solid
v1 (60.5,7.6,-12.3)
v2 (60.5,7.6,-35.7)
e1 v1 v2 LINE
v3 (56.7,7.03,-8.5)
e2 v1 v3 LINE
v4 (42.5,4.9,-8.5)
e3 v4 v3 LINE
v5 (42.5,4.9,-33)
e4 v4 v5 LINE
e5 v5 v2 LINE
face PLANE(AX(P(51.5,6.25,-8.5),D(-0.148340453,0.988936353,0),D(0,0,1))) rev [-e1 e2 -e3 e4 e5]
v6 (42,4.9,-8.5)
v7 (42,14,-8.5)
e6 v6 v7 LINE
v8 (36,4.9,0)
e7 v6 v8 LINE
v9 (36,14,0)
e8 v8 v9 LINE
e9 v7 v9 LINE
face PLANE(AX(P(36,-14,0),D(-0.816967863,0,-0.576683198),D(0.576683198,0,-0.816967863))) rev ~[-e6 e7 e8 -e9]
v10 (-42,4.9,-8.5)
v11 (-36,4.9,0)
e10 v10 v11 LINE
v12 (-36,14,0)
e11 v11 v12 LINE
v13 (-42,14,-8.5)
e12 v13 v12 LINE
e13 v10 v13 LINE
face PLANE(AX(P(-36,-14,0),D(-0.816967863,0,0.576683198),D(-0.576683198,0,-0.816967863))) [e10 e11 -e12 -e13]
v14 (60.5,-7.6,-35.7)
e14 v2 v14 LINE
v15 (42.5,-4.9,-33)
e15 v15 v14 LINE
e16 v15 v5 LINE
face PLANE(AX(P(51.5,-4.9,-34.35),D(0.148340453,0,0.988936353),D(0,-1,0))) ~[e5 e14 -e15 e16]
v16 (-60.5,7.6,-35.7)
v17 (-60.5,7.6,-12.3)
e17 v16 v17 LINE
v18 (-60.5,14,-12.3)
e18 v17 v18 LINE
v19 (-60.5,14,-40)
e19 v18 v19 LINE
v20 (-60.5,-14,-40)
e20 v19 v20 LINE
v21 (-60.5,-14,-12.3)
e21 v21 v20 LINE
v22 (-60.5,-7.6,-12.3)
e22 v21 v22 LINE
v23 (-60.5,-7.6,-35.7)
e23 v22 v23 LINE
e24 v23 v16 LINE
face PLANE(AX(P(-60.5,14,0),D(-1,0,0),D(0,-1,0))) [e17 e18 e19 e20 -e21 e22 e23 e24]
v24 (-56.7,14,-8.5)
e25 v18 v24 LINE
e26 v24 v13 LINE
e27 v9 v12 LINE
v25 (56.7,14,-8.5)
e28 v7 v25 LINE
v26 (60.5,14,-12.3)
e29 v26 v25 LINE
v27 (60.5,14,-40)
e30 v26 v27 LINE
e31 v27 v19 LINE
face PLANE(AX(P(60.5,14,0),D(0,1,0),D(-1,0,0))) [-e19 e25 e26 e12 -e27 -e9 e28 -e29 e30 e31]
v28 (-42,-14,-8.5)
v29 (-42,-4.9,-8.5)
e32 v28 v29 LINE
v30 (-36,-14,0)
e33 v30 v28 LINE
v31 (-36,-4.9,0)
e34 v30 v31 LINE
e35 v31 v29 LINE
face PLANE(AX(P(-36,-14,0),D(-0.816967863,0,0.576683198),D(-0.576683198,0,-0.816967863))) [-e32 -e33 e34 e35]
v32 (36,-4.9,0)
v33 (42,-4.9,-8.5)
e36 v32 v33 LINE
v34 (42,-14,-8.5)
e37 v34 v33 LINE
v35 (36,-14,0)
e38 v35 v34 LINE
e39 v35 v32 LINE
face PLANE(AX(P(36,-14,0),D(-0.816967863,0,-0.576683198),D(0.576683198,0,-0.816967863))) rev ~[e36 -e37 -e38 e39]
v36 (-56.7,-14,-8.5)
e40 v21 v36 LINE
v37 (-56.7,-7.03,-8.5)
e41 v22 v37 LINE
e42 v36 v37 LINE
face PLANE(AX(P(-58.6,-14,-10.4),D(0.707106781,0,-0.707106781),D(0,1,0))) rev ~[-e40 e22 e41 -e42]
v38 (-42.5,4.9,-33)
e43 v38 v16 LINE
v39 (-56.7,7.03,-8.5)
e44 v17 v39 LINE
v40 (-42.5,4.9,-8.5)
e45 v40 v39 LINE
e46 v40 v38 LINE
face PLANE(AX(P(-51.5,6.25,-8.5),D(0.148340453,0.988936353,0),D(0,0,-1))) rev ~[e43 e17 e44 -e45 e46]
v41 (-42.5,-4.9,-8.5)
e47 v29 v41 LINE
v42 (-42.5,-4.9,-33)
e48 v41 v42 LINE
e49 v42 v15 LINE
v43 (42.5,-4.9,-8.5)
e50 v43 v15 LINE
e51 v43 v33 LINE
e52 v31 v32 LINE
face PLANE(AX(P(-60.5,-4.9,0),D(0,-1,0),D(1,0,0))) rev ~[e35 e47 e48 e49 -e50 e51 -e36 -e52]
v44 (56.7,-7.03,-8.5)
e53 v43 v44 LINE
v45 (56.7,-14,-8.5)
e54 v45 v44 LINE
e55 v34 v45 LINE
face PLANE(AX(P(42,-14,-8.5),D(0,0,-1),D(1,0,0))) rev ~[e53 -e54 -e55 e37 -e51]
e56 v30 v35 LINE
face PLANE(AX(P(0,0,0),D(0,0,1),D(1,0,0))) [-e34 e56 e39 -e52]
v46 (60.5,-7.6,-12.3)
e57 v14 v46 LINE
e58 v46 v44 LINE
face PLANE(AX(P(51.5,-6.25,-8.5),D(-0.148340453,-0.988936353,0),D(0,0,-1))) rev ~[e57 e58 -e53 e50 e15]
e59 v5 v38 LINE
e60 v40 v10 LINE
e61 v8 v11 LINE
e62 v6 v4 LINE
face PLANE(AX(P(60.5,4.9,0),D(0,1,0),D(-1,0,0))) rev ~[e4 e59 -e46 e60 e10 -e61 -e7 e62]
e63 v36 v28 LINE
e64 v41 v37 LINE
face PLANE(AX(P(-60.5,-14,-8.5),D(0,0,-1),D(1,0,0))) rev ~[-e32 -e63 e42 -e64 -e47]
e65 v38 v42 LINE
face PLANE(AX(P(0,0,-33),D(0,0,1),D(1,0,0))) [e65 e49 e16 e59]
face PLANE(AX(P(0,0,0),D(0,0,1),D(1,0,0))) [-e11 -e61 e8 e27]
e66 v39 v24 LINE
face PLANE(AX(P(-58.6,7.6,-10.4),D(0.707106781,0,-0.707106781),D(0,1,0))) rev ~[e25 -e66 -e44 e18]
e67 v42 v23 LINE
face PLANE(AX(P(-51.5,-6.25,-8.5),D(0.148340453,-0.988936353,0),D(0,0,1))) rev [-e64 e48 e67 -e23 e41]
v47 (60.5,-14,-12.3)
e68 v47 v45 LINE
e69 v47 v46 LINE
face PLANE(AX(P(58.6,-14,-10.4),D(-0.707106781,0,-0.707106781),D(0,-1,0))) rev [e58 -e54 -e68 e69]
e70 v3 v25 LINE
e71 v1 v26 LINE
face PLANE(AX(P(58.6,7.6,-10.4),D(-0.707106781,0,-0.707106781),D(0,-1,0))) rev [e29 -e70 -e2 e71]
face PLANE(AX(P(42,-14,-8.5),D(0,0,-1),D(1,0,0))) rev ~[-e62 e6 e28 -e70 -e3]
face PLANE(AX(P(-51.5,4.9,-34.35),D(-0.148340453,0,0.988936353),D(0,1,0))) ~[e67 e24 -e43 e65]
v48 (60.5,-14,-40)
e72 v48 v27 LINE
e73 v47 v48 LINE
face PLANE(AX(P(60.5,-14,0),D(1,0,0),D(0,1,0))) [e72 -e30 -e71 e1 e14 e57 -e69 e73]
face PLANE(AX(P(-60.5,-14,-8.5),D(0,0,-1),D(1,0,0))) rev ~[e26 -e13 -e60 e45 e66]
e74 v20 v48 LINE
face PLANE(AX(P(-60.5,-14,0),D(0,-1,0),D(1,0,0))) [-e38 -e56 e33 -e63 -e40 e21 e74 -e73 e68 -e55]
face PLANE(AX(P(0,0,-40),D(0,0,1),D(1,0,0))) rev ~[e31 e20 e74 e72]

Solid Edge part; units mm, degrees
sketch "Sketch1" plane through (0, 0, 0) normal (0, 0, 1) x (1, 0, 0)
  line L0 (-60.5, -14) -> (60.5, -14)
  line L1 (60.5, -14) -> (60.5, 14)
  line L2 (60.5, 14) -> (-60.5, 14)
  line L3 (-60.5, 14) -> (-60.5, -14)
extrude "Protrusion1" add sketch "Sketch1" against normal blind 40
sketch "Sketch2" plane through (0, -14, -20) normal (0, -1, 0) x (1, 0, 0)
  line L0 (60.5, 20) -> (42, 20)
  line L1 (42, 20) -> (42, 11.5)
  line L2 (42, 11.5) -> (60.5, 11.5)
  line L3 (60.5, 11.5) -> (60.5, 20)
extrude "ExtrudedCutout_11" cut sketch "Sketch2" against normal blind 28
sketch "Sketch3" plane through (0, -14, -20) normal (0, -1, 0) x (1, 0, 0)
  line L0 (-60.5, 11.5) -> (-42, 11.5)
  line L1 (-42, 11.5) -> (-42, 20)
  line L2 (-42, 20) -> (-60.5, 20)
  line L3 (-60.5, 20) -> (-60.5, 11.5)
extrude "ExtrudedCutout_12" cut sketch "Sketch3" against normal blind 28
chamfer "Chamfer_7" [suppressed]
chamfer "Chamfer_8" [suppressed]
sketch "Sketch4" plane through (0, 0, 0) normal (0, 0, 1) x (0, 1, 0)
  line L0 (-4.9, -60.5) -> (4.9, -60.5)
  line L1 (4.9, -60.5) -> (4.9, 60.5)
  line L2 (4.9, 60.5) -> (-4.9, 60.5)
  line L3 (-4.9, 60.5) -> (-4.9, -60.5)
extrude "ExtrudedCutout_28" cut sketch "Sketch4" against normal blind 33
chamfer "Chamfer_9" distance 18 distance2 2.7 1 edges at (-60.5, 0, -33) measured on face at (-41.5433, -3.1687, -33)
chamfer "Chamfer_10" distance 18 distance2 2.7 1 edges at (-60.5, -4.9, -22.1) measured on face at (-41.5433, -4.9, -29.393)
chamfer "Chamfer_11" distance 18 distance2 2.7 1 edges at (-60.5, 4.9, -22.1) measured on face at (41.5433, 4.9, -29.393)
chamfer "Chamfer_12" distance 18 distance2 2.7 1 edges at (60.5, 0, -33) measured on face at (-26.3633, -3.1687, -33)
chamfer "Chamfer_13" distance 18 distance2 2.7 1 edges at (60.5, 4.9, -22.1) measured on face at (44.3633, 4.9, -29.393)
chamfer "Chamfer_14" distance 18 distance2 2.7 1 edges at (60.5, -4.9, -22.1) measured on face at (-26.3633, -4.9, -29.393)
sketch "Sketch5" plane through (0, -14, -20) normal (0, -1, 0) x (1, 0, 0)
  line L0 (-36, 20) -> (-42, 11.5)
  line L1 (-42, 11.5) -> (-42, 20)
  line L2 (-42, 20) -> (-36, 20)
  line L3 (36, 20) -> (42, 11.5)
  line L4 (42, 11.5) -> (42, 20)
  line L5 (42, 20) -> (36, 20)
extrude "ExtrudedCutout_29" cut sketch "Sketch5" against normal blind 30
chamfer "Chamfer_15" distance 3.8 angle 45 4 edges at (60.5, 10.8, -8.5) (60.5, -10.8, -8.5) (-60.5, 10.8, -8.5) (-60.5, -10.8, -8.5)
